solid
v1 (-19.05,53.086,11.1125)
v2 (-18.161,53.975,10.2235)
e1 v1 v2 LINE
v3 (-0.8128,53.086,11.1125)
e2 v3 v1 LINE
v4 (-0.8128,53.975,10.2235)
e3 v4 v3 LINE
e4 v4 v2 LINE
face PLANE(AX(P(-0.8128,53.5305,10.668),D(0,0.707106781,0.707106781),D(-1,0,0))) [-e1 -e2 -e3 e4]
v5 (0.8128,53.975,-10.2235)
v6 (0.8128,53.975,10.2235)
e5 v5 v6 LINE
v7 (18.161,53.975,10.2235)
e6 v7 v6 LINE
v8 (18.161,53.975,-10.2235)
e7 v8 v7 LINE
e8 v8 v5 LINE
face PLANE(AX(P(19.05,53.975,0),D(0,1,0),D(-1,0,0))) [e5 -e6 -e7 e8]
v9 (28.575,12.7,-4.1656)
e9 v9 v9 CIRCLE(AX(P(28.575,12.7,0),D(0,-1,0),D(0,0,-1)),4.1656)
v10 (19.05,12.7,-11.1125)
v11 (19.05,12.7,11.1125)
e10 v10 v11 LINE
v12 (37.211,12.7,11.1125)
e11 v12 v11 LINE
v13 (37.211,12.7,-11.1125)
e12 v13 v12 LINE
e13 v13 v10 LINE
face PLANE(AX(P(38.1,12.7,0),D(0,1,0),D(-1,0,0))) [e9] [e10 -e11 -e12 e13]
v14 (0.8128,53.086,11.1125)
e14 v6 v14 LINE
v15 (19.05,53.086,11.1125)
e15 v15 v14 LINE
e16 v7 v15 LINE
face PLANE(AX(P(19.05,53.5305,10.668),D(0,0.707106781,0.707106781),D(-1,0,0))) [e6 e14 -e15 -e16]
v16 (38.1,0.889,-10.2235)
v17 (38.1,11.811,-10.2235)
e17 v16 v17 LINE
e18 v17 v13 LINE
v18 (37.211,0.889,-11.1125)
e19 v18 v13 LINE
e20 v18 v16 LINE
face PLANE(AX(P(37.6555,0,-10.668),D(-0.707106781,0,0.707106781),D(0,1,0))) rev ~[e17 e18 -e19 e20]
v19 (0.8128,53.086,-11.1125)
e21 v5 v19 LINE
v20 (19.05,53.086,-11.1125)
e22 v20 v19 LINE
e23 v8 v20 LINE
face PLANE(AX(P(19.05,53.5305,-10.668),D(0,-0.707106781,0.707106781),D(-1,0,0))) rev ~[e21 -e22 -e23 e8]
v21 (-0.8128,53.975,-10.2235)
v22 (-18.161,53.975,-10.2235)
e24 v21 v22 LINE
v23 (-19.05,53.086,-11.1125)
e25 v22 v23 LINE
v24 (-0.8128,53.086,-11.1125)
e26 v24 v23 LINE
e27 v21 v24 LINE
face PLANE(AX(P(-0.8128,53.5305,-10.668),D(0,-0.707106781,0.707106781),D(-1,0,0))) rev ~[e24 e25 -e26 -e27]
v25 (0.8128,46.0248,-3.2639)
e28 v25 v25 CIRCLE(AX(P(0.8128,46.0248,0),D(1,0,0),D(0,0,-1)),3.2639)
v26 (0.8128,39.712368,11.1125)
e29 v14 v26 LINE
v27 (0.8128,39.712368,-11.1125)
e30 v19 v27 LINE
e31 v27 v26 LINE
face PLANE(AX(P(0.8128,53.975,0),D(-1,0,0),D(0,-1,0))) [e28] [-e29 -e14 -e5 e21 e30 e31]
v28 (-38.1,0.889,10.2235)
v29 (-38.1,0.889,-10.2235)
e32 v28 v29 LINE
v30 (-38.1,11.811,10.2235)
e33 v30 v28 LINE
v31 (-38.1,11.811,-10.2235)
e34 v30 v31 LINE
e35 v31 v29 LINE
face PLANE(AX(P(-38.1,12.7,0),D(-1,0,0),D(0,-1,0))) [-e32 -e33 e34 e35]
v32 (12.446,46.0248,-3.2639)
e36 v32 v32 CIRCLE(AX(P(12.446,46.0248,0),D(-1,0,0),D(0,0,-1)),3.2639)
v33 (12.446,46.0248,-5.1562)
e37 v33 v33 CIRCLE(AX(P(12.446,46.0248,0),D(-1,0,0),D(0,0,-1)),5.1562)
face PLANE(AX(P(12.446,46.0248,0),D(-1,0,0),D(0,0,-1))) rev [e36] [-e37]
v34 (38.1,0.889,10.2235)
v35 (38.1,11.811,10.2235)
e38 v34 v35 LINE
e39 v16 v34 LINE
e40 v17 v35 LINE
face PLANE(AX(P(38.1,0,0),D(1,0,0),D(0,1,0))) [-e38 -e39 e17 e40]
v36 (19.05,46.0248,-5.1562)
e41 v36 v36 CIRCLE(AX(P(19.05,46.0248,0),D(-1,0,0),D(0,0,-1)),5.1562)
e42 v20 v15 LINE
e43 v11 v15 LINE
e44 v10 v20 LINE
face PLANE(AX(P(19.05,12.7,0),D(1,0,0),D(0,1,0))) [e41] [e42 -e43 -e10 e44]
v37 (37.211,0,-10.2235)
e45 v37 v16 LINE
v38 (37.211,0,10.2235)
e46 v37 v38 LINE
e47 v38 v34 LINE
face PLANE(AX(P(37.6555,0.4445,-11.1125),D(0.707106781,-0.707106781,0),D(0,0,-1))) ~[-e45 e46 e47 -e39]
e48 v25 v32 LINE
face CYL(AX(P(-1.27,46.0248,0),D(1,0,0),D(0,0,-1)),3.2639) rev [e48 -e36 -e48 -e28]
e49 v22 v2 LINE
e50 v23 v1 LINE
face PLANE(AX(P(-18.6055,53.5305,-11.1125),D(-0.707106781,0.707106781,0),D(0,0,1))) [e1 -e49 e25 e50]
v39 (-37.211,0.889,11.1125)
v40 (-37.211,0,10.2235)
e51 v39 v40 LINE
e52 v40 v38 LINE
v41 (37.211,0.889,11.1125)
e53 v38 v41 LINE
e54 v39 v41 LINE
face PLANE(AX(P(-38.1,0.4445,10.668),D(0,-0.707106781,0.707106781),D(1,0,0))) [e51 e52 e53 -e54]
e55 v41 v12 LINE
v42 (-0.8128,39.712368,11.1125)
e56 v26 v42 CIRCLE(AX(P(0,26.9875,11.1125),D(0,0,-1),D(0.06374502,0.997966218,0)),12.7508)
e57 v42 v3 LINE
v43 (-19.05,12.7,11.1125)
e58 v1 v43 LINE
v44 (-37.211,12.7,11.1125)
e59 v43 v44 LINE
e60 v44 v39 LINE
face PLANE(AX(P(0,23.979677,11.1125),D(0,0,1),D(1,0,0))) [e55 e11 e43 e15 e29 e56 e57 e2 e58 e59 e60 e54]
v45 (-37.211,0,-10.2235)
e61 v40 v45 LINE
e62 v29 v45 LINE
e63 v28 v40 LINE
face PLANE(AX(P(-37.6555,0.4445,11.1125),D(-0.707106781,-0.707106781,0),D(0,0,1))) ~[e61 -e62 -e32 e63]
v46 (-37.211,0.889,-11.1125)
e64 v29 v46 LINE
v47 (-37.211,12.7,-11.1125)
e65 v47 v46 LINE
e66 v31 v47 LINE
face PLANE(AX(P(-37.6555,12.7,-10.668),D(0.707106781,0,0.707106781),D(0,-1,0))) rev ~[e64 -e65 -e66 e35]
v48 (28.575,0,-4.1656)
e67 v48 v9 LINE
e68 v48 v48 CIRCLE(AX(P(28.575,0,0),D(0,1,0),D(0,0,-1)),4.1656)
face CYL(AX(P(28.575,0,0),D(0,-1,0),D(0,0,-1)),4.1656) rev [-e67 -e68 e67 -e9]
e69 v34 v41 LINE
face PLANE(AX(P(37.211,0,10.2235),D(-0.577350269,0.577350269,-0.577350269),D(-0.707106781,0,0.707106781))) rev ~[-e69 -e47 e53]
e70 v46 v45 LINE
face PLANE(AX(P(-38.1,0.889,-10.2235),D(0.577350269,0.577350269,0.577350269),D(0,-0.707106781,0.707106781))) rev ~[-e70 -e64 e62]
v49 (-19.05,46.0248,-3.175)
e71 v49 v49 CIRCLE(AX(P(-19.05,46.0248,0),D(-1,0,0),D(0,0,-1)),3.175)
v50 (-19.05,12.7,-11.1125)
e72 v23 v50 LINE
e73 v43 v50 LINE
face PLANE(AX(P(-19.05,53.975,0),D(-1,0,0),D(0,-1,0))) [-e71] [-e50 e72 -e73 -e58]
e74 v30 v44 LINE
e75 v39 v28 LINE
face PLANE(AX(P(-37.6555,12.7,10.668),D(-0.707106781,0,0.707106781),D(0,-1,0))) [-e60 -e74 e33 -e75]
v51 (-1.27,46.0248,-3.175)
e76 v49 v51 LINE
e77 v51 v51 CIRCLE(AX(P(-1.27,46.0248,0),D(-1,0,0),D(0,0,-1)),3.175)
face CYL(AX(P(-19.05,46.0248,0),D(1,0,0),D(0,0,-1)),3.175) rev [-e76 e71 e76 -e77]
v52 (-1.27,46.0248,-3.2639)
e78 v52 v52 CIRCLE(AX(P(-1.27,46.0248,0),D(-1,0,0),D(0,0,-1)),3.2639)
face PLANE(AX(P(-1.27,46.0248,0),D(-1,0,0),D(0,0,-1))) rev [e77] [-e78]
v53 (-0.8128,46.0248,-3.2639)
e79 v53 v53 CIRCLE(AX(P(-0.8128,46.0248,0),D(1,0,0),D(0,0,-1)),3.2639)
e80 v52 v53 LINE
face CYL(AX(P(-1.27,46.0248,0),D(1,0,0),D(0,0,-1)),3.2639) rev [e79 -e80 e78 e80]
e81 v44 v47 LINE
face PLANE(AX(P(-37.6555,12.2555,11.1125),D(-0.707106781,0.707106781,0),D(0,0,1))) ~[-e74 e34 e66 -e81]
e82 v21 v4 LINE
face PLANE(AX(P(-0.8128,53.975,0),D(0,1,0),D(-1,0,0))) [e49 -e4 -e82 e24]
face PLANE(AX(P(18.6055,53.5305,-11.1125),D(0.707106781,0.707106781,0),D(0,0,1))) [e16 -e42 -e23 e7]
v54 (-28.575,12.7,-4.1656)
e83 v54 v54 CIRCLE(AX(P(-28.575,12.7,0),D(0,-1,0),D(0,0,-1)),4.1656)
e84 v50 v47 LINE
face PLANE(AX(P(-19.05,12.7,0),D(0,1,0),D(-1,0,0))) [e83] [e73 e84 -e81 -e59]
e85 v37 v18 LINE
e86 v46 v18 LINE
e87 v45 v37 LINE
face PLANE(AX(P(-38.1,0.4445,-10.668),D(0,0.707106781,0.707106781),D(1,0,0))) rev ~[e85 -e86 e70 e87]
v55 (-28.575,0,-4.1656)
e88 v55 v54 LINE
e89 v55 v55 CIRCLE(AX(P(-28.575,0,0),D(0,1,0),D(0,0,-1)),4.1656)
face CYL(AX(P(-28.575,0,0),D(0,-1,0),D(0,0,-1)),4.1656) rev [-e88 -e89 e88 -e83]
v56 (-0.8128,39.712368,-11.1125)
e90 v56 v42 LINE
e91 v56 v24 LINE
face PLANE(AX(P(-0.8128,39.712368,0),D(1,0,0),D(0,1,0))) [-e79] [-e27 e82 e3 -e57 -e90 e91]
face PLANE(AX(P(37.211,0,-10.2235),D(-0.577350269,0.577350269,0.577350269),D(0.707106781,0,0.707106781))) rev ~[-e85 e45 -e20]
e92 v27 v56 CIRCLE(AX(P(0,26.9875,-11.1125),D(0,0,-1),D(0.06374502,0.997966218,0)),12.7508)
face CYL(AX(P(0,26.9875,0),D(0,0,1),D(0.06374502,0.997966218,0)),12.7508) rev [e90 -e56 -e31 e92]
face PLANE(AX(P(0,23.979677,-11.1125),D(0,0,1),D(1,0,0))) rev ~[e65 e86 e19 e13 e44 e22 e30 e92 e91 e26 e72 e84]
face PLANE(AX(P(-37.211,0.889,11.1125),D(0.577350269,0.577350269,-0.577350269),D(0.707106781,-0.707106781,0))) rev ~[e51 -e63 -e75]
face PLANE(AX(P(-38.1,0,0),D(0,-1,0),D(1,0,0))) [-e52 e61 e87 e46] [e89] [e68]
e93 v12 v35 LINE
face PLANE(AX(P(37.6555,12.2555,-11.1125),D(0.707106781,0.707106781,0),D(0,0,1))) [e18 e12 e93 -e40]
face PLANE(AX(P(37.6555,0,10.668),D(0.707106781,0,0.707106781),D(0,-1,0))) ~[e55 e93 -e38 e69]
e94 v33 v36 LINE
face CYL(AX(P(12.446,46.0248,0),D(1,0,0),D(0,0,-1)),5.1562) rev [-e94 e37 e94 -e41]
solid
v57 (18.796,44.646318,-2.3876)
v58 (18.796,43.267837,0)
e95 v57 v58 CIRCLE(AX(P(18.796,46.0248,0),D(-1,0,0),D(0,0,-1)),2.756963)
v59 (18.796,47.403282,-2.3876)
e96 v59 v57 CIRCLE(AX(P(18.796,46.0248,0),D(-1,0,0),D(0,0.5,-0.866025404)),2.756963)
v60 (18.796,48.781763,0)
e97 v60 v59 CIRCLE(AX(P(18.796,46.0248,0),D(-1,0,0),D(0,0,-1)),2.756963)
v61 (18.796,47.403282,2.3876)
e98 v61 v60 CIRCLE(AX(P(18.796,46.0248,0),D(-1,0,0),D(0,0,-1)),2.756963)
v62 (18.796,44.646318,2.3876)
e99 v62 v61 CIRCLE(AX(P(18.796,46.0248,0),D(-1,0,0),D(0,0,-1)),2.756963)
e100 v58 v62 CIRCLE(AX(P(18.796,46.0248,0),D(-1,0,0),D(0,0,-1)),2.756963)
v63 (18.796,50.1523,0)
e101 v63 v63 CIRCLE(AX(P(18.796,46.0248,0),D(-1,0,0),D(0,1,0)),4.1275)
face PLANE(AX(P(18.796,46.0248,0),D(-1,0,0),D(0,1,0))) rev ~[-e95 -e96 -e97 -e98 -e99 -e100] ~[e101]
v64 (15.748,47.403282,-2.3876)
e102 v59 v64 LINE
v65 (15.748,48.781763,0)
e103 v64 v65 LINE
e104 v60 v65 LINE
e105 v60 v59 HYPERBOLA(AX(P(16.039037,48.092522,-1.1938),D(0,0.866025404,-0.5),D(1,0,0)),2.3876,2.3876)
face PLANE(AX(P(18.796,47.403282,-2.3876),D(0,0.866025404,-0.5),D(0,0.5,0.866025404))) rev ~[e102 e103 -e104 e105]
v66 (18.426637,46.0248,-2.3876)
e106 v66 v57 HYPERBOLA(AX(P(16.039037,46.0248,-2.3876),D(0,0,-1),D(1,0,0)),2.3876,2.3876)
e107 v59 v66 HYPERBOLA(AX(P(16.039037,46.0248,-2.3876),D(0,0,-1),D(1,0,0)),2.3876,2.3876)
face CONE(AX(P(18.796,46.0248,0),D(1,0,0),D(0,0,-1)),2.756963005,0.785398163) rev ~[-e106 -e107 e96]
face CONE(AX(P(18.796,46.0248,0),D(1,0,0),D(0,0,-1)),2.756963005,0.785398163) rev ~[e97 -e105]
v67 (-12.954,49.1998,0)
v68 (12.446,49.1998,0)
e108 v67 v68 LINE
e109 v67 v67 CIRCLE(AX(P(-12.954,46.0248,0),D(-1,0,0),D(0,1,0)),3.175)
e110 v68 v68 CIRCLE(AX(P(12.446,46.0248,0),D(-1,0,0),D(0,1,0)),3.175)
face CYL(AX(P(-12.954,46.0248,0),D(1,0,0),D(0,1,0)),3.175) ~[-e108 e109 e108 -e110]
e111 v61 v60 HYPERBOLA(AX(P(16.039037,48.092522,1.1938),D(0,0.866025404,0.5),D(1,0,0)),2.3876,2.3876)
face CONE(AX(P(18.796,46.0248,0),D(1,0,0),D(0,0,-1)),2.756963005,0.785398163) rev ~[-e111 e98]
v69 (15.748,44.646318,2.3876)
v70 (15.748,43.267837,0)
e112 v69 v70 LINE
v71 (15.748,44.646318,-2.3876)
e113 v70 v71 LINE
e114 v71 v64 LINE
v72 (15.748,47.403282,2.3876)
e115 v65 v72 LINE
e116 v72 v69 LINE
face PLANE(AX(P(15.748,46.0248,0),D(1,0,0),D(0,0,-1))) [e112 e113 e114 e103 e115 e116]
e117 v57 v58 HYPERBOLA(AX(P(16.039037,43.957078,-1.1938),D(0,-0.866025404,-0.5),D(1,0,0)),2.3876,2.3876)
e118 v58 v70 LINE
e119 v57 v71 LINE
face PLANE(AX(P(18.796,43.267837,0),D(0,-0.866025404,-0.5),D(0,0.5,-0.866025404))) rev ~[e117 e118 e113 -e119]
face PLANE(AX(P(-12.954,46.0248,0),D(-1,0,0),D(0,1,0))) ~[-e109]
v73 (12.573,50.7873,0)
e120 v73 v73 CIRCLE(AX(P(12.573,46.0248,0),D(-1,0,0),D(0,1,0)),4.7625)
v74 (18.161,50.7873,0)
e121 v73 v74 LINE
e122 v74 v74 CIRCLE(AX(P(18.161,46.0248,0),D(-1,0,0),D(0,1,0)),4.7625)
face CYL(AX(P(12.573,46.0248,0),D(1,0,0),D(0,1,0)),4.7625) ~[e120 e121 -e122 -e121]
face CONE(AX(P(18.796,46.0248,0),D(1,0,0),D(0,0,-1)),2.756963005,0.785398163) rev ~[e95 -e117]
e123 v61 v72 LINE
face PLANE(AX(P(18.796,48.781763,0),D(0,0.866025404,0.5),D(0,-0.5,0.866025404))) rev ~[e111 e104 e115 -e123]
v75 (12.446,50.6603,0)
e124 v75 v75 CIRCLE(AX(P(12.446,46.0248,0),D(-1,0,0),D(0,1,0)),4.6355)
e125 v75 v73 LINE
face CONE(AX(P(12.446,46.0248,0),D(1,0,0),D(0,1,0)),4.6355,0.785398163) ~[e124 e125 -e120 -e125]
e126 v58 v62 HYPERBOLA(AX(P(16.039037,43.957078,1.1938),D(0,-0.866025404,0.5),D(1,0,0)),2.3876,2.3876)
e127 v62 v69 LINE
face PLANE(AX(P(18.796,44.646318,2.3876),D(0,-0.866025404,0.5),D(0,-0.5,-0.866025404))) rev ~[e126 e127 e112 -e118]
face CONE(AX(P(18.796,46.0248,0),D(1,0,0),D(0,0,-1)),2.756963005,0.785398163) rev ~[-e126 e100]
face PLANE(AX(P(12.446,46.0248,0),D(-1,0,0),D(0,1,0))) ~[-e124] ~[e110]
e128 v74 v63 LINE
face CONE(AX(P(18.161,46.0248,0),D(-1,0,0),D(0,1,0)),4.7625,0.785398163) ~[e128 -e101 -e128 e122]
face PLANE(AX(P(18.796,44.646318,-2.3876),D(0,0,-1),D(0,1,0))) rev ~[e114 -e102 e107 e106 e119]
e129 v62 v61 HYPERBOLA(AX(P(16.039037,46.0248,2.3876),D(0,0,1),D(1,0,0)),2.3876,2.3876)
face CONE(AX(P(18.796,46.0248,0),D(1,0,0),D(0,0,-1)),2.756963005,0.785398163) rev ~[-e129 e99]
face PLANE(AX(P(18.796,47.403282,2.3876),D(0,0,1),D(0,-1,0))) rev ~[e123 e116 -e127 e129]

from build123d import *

# Parameters (mm, degrees)
BOSS_EXTRUDE1_DEPTH = 11.1125
CHAMFER1_SIZE       = 0.889
SKETCH2_R           = 4.1656
CUT_EXTRUDE1_DEPTH  = 67.995509411
CUT_EXTRUDE4_DEPTH  = 3.048


with BuildPart() as part:
    # Sketch1 → Boss-Extrude1 (new, symmetric)
    with BuildSketch(Plane.XY):
        with BuildLine():
            Line((-38.1, 0), (38.1, 0))
            Line((38.1, 0), (38.1, 12.7))
            Line((38.1, 12.7), (19.05, 12.7))
            Line((19.05, 12.7), (19.05, 53.975))
            Line((19.05, 53.975), (0.8128, 53.975))
            Line((0.8128, 53.975), (0.8128, 39.712367654))
            ThreePointArc((0.8128, 39.712367654), (0, 14.2367), (-0.8128, 39.712367654))
            Line((-0.8128, 39.712367654), (-0.8128, 53.975))
            Line((-0.8128, 53.975), (-19.05, 53.975))
            Line((-19.05, 53.975), (-19.05, 12.7))
            Line((-19.05, 12.7), (-38.1, 12.7))
            Line((-38.1, 12.7), (-38.1, 0))
        make_face()
    extrude(amount=BOSS_EXTRUDE1_DEPTH, both=True)

    # Chamfer1
    chamfer1_edges = [part.edges().sort_by_distance(p)[0] for p in [
        (38.1, 6.35, 11.1125),
        (-9.9314, 53.975, -11.1125),
        (9.9314, 53.975, -11.1125),
        (38.1, 6.35, -11.1125),
        (0, 0, -11.1125),
        (-38.1, 6.35, -11.1125),
        (9.9314, 53.975, 11.1125),
        (-38.1, 12.7, 0),
        (-19.05, 53.975, 0),
        (19.05, 53.975, 0),
        (38.1, 12.7, 0),
        (38.1, 0, 0),
        (-38.1, 0, 0),
        (-9.9314, 53.975, 11.1125),
        (-38.1, 6.35, 11.1125),
        (0, 0, 11.1125),
    ]]
    chamfer(chamfer1_edges, length=CHAMFER1_SIZE)

    # Sketch2 → Cut-Extrude1 (cut, through all)
    with BuildSketch(Plane(origin=(0, 0, 0), x_dir=(1, 0, 0), z_dir=(0, 1, 0))):
        with Locations(Location((-28.575, 0, 0), (0, 0, 90))):
            Circle(SKETCH2_R)
        with Locations(Location((28.575, 0, 0), (0, 0, 90))):
            Circle(SKETCH2_R)
    extrude(amount=CUT_EXTRUDE1_DEPTH, mode=Mode.SUBTRACT)

    # Sketch3 → Cut-Revolve1 (revolve, cut)
    with BuildSketch(Plane.XY, mode=Mode.PRIVATE) as cut_revolve1_sk:
        Polygon((-19.05, 46.0248), (-19.05, 49.1998), (-1.27, 49.1998), (-1.27, 49.2887), (12.446, 49.2887), (12.446, 51.181), (19.05, 51.181), (19.05, 46.0248), align=None)
    revolve(cut_revolve1_sk.sketch.rotate(Axis((19.05, 46.0248, 0), (-1, 0, 0)), 90), axis=Axis((19.05, 46.0248, 0), (-1, 0, 0)), mode=Mode.SUBTRACT)


with BuildPart() as body_2:
    # Sketch4 → Revolve1 (revolve)
    with BuildSketch(Plane.XY):
        Polygon((-12.954, 46.0248), (-12.954, 49.1998), (12.446, 49.1998), (12.446, 50.6603), (12.573, 50.7873), (18.161, 50.7873), (18.796, 50.1523), (18.796, 46.0248), align=None)
    revolve(axis=Axis((18.796, 46.0248, 0), (-1, 0, 0)))

    # Sketch5 → Cut-Extrude4 (cut)
    with BuildSketch(Plane(origin=(18.796, 0, 0), x_dir=(0, 0, -1), z_dir=(1, 0, 0))):
        Polygon((0, 48.781763005), (-2.3876, 47.403281503), (-2.3876, 44.646318497), (0, 43.267836995), (2.3876, 44.646318497), (2.3876, 47.403281503), align=None)
    extrude(amount=-CUT_EXTRUDE4_DEPTH, mode=Mode.SUBTRACT)

    # Cut-Extrude5 cone 1 section (through the dimple's axis) → Cut-Extrude5 (revolve, cut)
    with BuildSketch(Plane(origin=(18.796, 46.0248, 0), x_dir=(0, 0, -1), z_dir=(0, 1, 0))):
        Polygon((0, 0), (2.756963005, 0), (0, 2.756963005), align=None)
    revolve(axis=Axis((18.796, 46.0248, 0), (-1, 0, 0)), mode=Mode.SUBTRACT)


solid = Compound([part.part, body_2.part])
